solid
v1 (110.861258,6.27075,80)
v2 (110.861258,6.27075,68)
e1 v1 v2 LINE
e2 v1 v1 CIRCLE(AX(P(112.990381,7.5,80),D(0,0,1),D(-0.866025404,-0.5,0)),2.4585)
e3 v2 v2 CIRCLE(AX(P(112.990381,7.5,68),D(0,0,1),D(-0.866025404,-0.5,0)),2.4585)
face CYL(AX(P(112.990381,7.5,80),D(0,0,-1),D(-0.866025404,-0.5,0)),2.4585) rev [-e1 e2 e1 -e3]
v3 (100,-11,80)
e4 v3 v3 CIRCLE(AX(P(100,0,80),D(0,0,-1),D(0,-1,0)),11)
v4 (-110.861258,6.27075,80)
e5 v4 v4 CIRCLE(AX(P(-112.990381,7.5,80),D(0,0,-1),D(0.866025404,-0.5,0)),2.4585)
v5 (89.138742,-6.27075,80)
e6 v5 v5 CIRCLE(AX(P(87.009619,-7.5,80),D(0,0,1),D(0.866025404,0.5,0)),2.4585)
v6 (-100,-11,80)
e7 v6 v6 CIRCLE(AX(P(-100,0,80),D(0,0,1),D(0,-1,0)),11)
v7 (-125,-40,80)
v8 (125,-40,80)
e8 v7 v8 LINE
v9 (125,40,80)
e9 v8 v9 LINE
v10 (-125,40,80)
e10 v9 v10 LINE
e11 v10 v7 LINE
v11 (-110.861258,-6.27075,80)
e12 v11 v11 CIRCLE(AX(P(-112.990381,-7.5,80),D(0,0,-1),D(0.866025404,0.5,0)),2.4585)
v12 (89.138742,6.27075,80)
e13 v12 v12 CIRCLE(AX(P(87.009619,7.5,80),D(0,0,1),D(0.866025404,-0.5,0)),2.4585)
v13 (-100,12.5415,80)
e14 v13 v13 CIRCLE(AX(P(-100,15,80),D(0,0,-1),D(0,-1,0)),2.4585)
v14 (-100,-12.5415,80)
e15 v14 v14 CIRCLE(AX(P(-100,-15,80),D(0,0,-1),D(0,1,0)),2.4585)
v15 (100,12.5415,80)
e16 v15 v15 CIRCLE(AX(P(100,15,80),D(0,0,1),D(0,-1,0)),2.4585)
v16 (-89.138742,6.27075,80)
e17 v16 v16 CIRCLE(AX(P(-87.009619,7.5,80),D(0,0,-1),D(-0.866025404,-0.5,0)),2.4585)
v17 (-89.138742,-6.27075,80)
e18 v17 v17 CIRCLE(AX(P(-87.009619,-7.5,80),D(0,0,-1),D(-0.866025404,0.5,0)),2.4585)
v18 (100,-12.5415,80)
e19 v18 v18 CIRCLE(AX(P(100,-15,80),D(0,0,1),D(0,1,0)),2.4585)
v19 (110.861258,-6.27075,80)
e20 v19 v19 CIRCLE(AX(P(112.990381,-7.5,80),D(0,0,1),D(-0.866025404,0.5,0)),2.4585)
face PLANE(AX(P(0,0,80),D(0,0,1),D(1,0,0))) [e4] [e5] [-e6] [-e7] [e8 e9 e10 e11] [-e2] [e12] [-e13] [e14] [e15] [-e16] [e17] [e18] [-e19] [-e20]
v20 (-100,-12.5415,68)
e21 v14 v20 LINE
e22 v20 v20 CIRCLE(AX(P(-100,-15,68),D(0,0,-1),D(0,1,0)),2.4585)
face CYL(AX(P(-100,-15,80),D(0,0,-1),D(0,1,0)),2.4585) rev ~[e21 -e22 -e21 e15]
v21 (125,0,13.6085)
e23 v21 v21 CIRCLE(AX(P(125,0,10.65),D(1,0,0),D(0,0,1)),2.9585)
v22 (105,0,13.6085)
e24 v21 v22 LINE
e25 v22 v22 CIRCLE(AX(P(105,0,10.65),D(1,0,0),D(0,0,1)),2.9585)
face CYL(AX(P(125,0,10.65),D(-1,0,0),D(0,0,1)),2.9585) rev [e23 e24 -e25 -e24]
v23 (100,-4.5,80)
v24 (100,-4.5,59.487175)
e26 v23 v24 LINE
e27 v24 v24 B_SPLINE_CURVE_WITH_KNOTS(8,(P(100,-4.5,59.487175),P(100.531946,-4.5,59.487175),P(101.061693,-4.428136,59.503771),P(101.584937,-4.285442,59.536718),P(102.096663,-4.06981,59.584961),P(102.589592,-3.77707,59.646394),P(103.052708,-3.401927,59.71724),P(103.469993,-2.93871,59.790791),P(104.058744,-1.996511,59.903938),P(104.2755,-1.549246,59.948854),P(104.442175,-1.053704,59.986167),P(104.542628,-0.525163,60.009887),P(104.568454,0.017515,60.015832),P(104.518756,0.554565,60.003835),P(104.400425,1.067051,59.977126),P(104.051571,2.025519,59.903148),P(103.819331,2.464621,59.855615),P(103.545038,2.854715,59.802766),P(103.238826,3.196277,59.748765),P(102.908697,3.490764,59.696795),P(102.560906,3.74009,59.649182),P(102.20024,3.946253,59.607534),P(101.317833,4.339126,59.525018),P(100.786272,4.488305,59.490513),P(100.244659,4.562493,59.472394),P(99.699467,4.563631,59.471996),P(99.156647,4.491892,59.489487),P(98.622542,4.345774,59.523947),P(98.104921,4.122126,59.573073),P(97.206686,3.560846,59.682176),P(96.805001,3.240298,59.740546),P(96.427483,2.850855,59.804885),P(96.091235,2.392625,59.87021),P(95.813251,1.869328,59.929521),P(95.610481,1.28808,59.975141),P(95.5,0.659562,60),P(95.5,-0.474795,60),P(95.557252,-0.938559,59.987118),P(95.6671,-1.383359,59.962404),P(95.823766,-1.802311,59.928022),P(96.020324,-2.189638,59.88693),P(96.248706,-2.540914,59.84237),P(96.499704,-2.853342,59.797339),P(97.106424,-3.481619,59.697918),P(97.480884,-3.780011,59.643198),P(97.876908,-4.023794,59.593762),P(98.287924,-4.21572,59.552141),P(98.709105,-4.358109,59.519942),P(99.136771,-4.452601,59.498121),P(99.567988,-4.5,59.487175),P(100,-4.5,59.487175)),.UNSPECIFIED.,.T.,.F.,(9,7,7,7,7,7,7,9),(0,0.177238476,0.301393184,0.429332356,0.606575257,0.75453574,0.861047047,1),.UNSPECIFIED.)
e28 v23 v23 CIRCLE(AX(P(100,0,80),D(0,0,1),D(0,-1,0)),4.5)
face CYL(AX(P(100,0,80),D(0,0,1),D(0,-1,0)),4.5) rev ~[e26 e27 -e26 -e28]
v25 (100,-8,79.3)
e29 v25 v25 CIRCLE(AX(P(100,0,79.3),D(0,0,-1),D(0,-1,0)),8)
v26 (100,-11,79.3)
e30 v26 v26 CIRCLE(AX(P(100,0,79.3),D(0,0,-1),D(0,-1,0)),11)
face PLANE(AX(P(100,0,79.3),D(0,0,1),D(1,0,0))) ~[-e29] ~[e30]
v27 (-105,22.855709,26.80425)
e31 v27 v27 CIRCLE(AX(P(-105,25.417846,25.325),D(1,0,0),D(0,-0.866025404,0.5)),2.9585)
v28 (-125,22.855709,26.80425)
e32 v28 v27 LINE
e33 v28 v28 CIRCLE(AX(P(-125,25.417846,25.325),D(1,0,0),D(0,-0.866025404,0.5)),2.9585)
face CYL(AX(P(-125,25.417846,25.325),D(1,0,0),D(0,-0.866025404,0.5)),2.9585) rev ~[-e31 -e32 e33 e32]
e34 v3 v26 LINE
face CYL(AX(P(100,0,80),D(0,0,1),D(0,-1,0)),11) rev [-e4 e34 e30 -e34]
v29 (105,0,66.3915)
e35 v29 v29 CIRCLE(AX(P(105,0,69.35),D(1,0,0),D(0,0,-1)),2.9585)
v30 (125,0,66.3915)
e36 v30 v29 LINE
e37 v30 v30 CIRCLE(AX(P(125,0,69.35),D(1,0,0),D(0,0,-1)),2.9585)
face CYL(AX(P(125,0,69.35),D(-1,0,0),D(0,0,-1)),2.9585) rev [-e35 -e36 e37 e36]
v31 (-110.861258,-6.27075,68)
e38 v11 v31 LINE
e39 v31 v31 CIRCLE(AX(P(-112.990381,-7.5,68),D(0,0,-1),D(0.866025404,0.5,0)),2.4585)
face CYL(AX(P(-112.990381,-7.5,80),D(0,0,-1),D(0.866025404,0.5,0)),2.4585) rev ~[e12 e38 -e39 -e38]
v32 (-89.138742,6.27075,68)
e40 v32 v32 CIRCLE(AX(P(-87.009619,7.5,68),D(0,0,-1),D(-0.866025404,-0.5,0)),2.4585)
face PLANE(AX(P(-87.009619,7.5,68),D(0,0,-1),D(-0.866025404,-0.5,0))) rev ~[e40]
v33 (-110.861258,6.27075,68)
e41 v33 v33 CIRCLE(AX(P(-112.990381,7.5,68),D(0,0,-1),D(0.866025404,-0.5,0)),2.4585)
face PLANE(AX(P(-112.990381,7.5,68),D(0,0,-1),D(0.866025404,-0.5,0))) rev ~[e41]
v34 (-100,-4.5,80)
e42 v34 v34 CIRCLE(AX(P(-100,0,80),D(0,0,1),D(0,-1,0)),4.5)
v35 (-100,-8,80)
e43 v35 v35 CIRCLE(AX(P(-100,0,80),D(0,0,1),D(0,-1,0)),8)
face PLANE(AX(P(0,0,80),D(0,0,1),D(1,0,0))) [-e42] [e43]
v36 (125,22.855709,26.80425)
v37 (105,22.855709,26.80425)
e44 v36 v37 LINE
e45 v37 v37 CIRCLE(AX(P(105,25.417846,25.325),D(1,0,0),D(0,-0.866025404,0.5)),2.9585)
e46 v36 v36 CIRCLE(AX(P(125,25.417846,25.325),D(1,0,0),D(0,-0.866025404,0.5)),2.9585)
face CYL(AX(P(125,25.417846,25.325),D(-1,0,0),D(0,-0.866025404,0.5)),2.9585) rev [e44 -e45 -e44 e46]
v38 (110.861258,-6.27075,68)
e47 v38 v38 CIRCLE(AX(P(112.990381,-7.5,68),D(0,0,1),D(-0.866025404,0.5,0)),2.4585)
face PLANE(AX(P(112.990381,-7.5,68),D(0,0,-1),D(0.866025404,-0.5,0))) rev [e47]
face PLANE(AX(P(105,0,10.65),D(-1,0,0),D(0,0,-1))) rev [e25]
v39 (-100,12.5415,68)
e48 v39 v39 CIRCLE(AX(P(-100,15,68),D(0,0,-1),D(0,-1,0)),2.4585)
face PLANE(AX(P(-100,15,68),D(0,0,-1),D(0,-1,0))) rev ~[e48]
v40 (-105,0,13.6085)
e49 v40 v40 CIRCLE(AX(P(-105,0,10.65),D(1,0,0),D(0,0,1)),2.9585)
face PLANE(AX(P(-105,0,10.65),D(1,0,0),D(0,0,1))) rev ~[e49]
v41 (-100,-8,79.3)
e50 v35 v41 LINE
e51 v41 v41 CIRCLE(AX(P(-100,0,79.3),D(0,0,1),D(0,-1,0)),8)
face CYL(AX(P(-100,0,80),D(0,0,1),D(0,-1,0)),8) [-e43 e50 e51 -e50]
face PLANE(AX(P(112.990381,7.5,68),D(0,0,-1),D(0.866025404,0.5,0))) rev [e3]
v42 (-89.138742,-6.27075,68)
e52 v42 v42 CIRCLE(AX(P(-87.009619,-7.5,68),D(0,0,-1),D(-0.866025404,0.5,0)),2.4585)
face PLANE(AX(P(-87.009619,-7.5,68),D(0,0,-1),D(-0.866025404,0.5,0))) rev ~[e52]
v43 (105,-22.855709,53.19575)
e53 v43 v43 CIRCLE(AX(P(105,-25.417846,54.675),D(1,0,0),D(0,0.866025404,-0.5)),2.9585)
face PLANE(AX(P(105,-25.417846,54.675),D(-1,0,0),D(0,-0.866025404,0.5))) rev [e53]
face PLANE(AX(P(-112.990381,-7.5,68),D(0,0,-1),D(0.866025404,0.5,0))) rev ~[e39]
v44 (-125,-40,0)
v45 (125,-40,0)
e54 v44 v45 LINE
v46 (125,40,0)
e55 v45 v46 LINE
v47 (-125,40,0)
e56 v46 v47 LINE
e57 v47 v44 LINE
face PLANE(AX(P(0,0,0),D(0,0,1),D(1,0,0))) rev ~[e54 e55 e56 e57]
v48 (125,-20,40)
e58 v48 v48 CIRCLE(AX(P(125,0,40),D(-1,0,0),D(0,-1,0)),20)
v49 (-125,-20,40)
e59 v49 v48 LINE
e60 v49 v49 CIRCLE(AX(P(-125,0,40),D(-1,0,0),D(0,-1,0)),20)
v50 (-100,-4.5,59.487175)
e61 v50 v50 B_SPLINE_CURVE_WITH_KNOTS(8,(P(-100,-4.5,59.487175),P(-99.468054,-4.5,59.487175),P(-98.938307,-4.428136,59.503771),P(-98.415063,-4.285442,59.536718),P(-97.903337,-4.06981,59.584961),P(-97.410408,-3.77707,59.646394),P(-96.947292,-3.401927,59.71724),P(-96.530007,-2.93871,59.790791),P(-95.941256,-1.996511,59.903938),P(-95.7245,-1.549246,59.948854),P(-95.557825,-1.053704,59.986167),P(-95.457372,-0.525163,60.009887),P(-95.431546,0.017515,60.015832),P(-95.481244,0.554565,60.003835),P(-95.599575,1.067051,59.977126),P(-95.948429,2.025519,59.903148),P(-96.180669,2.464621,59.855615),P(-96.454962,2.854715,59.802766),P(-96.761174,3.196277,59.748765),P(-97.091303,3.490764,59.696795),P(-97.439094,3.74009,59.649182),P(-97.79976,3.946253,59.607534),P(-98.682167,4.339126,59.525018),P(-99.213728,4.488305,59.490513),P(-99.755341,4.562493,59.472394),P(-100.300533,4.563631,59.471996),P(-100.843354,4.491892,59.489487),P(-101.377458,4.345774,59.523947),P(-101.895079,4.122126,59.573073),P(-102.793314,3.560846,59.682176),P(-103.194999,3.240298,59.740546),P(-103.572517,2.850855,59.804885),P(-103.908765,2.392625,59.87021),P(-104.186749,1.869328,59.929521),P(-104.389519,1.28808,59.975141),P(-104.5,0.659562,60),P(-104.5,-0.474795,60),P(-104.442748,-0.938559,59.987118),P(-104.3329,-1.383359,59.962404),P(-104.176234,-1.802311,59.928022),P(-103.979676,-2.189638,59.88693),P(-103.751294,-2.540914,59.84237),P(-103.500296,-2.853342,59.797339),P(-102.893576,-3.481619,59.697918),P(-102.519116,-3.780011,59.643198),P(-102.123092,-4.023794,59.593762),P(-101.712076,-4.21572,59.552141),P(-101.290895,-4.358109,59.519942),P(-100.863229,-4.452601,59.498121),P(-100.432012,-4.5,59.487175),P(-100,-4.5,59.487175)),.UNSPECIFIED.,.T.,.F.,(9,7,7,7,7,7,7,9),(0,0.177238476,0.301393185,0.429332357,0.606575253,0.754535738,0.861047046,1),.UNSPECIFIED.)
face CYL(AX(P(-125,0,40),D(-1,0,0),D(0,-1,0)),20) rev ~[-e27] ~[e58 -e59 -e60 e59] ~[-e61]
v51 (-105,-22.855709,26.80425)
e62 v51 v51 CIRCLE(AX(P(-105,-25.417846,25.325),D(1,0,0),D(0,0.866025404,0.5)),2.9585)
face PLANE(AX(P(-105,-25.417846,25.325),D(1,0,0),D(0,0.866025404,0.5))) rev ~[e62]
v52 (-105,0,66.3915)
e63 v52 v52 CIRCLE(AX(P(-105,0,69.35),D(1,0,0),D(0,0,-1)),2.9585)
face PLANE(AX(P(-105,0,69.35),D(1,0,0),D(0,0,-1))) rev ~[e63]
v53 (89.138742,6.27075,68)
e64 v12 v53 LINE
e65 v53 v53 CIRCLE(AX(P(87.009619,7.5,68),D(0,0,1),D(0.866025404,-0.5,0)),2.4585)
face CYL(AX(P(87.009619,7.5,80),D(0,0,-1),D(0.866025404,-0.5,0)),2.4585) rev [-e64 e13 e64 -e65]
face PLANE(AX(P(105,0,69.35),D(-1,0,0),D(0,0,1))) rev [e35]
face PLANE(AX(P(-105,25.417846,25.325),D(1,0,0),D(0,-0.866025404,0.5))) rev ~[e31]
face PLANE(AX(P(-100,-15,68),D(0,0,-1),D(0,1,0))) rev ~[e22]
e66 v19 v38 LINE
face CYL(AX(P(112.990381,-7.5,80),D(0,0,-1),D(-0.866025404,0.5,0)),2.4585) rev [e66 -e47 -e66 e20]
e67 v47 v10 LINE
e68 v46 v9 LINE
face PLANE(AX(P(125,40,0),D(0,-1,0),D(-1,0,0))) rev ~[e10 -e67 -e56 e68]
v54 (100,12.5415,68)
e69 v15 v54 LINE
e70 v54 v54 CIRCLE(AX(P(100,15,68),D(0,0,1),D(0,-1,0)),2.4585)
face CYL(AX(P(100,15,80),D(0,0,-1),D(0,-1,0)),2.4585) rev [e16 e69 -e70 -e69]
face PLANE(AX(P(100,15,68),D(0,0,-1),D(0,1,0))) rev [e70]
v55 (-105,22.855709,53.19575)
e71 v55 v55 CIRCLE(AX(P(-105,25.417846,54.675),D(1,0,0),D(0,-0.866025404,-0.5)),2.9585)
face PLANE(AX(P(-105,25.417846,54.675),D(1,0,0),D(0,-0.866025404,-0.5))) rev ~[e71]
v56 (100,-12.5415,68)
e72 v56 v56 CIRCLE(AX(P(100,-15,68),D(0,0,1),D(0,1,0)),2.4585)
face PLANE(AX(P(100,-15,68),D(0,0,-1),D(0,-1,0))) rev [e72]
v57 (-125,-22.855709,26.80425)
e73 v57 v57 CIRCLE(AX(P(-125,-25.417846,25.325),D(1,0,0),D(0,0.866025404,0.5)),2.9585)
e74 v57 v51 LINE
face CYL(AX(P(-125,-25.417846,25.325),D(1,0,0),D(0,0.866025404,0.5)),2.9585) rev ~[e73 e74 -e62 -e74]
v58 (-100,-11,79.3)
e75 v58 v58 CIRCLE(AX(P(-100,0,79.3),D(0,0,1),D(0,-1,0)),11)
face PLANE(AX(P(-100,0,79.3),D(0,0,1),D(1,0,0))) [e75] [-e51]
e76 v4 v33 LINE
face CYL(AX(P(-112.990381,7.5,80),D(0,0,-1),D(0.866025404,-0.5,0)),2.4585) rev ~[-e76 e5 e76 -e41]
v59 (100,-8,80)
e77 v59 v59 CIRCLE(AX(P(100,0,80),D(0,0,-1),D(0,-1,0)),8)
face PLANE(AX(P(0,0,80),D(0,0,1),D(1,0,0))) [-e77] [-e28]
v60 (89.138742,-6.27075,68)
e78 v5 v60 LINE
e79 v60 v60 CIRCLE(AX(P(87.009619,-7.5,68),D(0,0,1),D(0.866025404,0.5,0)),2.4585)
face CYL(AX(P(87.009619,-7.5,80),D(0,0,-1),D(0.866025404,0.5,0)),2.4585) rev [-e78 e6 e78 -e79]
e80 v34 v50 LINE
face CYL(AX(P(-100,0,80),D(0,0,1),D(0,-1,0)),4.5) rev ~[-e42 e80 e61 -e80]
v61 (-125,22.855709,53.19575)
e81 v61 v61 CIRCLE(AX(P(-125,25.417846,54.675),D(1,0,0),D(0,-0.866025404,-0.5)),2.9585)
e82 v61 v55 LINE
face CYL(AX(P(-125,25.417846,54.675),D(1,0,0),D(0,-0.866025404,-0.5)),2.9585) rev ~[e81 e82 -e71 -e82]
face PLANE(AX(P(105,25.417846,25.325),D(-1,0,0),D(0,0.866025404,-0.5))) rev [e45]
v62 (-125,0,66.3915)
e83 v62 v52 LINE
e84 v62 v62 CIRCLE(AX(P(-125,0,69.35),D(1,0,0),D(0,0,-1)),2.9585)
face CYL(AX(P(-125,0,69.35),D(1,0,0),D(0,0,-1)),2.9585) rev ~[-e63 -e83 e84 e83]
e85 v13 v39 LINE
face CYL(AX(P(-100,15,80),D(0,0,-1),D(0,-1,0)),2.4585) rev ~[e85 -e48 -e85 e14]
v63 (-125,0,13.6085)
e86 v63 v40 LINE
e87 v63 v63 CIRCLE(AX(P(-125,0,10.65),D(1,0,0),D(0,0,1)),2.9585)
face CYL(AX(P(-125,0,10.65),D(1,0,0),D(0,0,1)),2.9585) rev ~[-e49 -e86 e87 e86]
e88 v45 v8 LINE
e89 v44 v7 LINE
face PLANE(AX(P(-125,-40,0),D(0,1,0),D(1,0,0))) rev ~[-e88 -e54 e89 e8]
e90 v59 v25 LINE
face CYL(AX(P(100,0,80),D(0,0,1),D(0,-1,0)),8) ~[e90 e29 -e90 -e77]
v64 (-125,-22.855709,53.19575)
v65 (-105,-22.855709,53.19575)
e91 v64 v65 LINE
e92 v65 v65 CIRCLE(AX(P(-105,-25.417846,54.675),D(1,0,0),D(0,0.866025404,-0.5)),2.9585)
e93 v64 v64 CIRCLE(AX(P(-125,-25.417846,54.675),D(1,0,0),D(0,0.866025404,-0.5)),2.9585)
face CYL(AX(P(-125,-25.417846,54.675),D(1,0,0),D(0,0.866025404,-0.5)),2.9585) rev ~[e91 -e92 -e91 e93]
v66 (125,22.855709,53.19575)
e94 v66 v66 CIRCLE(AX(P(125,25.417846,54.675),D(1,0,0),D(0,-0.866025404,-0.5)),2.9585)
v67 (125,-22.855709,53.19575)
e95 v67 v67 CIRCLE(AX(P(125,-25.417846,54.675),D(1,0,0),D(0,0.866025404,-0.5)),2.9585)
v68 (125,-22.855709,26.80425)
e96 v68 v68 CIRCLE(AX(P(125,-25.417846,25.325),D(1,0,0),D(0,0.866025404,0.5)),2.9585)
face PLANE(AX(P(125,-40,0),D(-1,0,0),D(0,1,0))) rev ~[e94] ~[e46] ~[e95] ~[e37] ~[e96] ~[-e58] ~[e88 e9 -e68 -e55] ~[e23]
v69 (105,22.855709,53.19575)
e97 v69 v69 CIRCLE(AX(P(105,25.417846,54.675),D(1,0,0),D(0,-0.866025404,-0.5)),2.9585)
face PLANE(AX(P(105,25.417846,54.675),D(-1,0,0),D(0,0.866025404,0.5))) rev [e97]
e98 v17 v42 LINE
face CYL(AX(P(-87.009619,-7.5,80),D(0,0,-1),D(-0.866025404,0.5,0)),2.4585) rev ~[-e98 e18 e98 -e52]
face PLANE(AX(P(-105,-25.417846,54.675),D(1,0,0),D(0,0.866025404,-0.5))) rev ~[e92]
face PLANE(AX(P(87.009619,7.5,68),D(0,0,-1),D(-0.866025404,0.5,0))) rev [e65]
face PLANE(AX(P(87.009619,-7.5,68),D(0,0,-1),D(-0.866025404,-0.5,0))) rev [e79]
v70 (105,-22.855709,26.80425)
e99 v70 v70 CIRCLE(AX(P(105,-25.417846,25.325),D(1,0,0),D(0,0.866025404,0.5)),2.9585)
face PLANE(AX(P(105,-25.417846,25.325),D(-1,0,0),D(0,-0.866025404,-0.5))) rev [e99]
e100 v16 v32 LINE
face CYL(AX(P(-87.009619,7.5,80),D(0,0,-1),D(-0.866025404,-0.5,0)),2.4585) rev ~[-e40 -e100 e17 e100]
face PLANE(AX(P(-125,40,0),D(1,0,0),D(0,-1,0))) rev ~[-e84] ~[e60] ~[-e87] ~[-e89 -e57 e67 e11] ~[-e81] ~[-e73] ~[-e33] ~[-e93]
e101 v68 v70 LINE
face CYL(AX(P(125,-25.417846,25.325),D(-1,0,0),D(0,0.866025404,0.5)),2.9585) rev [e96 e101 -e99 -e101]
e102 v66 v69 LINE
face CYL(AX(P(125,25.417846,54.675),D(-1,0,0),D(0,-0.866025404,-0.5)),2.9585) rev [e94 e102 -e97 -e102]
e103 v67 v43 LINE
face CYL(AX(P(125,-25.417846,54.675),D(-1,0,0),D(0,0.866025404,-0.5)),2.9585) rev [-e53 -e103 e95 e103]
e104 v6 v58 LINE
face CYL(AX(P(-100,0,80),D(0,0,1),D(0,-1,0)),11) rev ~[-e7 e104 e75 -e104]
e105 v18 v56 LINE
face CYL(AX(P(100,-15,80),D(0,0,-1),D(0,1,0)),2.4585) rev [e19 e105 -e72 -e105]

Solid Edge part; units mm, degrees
sketch "Sketch1" plane through (0, 0, 0) normal (0, 0, 1) x (1, 0, 0)
  line L0 (-125, -40) -> (125, -40)
  line L1 (125, -40) -> (125, 40)
  line L2 (125, 40) -> (-125, 40)
  line L3 (-125, 40) -> (-125, -40)
  dimension "D1" = 250
  dimension "D2" = 80
extrude "Protrusion1" add sketch "Sketch1" along normal blind 80
sketch "Sketch2" plane through (-125, 0, 75) normal (-1, 0, 0) x (0, -1, 0)
  circle A0 centre (0, -35) radius 20
  dimension "D1" = 40
extrude "Cutout1" cut sketch "Sketch2" against normal up to next
sketch "Sketch3" plane through (0, 0, 80) normal (0, 0, 1) x (0, -1, 0)
  circle A0 centre (0, -100) radius 4.5
  circle A1 centre (0, 100) radius 4.5
  dimension "D1" = 100
  dimension "D2" = 100
extrude "Cutout2" cut sketch "Sketch3" against normal up to next
hole "Hole_1" at (-100, 15, 80) direction (0, 0, -1) diameter 4.917 depth 12 thread major 6 thread length 10
pattern_circular "Pattern1" count 6 over 360 about axis through (-100, 0, 80) along (0, 0, -1) of "Hole_1"
sketch "Sketch4" plane through (0, 0, 80) normal (0, 0, 1) x (0, -1, 0)
  circle A0 centre (0, -100) radius 11
  circle A1 centre (0, -100) radius 8
extrude "CF16_groove" cut sketch "Sketch4" against normal blind 0.7
mirror "Mirror1" about plane through (0, 0, 0) normal (-1, 0, 0) of "Pattern1", "Hole_1", "CF16_groove"
hole "Hole_13" at (-125, 0, 10.65) direction (1, 0, 0) diameter 5.917 depth 20 thread major 7 thread length 18
pattern_circular "Pattern2" count 6 over 360 about axis through (-125, 0, 40) along (-1, 0, 0) of "Hole_13"
mirror "Mirror2" about plane through (0, 0, 0) normal (-1, 0, 0) of "Hole_13", "Pattern2"
